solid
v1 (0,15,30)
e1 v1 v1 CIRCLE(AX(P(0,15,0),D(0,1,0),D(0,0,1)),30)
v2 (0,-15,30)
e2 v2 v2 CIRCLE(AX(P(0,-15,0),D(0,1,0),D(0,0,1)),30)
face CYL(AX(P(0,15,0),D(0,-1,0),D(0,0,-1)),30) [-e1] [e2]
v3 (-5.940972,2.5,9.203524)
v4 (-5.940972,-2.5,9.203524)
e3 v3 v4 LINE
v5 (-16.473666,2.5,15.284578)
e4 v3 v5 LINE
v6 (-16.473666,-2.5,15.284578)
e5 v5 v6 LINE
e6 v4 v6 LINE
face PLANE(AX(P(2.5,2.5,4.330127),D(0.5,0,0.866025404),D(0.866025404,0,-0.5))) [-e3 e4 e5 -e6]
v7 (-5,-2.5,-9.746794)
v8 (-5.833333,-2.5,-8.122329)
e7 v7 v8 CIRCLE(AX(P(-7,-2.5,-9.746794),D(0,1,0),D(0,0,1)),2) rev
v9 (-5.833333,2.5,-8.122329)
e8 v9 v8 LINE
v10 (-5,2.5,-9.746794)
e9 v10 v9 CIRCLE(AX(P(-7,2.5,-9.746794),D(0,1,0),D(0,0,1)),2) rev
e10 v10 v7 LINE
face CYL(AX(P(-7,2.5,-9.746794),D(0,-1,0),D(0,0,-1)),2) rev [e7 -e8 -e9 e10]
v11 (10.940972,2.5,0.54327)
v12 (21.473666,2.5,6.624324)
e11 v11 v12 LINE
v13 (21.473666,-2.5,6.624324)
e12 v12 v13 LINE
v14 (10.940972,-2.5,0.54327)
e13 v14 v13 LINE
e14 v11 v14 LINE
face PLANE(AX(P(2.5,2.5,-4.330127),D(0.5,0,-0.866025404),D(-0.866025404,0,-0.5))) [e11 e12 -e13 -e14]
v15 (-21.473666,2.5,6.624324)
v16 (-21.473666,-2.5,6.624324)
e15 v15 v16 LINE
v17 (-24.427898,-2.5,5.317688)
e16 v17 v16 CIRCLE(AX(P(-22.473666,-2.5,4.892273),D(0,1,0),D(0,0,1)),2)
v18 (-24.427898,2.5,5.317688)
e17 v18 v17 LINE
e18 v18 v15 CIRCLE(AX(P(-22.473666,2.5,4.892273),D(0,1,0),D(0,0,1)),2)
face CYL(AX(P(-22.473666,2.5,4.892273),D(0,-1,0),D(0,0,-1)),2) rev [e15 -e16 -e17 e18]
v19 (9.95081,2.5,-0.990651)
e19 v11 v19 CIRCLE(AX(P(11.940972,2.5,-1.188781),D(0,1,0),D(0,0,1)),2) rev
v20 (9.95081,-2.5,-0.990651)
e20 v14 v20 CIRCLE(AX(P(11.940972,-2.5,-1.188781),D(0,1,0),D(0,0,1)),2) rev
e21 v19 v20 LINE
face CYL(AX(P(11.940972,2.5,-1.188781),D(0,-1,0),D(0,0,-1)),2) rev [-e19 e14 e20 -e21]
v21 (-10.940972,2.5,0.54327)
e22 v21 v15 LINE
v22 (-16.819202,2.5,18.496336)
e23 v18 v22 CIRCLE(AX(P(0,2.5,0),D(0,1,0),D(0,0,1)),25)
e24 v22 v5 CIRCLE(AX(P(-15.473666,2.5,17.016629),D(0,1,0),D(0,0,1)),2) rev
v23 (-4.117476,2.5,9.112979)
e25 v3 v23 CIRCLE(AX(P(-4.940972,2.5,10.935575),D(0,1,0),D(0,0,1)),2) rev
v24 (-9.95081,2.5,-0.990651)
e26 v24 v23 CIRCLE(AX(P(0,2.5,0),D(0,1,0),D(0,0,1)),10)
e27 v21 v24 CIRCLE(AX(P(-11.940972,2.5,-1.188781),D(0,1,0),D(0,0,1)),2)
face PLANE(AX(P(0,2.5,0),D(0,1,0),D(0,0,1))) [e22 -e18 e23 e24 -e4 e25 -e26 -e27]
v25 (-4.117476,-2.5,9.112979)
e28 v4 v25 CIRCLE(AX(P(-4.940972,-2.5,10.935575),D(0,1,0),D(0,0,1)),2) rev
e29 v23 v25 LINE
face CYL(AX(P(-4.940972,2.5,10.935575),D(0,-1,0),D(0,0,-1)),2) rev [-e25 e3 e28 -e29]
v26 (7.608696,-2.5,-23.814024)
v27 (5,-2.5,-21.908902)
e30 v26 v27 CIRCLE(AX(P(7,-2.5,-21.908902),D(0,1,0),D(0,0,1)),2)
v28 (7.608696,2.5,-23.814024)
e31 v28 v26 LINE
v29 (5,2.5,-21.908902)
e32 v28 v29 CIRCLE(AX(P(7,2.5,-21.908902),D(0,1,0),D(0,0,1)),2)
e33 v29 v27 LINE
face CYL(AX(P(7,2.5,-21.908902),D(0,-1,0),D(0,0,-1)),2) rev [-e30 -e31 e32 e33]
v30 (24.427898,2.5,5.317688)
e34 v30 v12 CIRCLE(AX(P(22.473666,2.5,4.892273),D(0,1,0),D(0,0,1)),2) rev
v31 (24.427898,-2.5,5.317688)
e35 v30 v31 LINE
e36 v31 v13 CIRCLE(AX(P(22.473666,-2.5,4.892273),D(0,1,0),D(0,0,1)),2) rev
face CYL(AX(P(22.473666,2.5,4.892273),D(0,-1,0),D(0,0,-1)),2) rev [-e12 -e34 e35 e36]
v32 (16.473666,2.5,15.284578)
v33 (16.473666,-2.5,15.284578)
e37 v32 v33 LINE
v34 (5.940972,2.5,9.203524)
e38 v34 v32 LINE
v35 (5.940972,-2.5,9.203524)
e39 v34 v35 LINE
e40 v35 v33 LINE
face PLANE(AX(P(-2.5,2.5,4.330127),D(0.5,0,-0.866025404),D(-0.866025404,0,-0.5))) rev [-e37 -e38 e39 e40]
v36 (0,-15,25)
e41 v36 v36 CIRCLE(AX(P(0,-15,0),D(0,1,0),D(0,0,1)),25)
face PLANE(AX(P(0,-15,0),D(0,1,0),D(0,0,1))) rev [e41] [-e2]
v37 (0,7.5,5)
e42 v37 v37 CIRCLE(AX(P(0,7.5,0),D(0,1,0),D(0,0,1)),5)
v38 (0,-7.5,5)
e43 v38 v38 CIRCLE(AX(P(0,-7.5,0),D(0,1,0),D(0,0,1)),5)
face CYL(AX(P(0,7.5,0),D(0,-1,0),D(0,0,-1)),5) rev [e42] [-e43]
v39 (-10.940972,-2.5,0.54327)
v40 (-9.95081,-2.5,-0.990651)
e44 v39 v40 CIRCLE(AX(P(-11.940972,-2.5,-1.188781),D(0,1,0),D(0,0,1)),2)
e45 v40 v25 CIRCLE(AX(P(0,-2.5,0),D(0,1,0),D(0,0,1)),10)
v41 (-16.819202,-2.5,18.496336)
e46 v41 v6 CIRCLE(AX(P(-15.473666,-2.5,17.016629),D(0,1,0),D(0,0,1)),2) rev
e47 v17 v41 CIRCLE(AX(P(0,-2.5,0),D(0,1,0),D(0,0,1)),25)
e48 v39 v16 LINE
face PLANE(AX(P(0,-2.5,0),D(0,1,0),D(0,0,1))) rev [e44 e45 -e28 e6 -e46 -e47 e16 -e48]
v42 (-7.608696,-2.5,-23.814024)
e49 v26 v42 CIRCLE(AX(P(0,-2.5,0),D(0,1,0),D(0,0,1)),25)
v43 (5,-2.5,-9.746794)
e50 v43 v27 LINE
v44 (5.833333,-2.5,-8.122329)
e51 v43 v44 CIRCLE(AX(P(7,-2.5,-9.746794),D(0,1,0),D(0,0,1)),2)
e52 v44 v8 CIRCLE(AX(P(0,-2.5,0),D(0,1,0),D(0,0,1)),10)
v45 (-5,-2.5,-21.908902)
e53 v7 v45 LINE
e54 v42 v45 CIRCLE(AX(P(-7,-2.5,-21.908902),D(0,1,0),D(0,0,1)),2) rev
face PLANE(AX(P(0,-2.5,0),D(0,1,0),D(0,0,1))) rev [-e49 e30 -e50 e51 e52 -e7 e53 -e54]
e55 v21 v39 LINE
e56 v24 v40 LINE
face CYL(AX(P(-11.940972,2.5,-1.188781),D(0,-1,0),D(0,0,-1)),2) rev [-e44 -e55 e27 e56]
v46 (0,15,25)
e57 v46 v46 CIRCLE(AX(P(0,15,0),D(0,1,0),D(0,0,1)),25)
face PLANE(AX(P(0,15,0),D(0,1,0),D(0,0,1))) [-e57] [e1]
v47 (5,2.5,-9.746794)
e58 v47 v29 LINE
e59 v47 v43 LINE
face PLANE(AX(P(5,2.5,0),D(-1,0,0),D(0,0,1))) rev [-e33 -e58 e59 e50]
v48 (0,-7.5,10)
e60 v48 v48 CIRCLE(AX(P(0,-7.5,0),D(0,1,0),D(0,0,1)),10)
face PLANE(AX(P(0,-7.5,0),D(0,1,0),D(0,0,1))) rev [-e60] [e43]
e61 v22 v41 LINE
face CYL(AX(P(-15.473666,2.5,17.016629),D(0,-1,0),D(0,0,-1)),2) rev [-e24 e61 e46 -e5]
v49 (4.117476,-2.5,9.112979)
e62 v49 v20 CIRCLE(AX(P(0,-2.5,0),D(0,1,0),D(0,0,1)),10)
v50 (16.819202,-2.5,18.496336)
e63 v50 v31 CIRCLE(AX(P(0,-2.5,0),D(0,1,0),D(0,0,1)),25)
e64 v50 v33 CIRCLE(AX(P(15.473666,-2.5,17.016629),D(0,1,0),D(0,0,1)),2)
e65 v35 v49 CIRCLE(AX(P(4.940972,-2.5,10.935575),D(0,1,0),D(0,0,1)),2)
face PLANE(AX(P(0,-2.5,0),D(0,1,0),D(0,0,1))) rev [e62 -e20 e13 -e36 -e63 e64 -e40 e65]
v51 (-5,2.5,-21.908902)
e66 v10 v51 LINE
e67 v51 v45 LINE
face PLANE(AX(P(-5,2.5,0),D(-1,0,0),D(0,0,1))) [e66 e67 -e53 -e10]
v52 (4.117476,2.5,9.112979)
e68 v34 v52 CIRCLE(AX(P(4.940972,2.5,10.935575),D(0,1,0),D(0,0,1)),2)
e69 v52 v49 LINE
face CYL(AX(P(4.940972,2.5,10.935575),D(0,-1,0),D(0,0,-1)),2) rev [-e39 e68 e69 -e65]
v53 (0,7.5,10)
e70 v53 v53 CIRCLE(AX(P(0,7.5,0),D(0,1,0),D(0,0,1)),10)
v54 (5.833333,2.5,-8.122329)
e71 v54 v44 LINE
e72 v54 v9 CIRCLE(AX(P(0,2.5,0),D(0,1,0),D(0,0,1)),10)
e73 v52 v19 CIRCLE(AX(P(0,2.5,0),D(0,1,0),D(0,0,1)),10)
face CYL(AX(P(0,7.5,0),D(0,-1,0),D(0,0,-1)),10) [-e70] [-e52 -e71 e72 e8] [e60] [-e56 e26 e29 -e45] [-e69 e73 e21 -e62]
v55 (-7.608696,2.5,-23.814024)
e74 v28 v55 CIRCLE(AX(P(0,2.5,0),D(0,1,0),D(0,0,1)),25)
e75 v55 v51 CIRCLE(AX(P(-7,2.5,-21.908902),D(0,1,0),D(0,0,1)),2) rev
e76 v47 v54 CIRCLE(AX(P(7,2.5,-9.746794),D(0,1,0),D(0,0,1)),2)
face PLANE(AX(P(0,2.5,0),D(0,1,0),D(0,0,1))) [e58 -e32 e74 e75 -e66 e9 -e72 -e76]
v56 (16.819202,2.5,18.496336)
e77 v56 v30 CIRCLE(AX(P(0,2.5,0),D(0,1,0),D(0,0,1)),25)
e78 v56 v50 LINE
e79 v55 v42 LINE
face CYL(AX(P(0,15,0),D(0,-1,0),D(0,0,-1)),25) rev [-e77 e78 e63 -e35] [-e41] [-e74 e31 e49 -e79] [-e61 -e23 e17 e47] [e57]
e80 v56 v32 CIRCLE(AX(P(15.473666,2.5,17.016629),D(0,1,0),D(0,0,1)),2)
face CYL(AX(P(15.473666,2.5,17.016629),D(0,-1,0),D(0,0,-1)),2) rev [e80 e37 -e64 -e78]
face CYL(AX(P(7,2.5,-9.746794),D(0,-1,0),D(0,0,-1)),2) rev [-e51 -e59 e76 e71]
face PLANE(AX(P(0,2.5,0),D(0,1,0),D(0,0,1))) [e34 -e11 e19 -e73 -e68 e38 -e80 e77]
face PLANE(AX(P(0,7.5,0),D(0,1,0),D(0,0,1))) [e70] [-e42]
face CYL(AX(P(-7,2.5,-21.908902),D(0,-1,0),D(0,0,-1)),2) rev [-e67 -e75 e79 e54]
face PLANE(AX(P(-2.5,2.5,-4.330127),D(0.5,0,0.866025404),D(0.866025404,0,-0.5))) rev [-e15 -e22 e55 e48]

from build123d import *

# Parameters (mm, degrees)
SKETCH1_R           = 30
BOSS_EXTRUDE1_DEPTH = 15
SKETCH1_3_R         = 5
BOSS_EXTRUDE2_DEPTH = 7.5
BOSS_EXTRUDE3_DEPTH = 2.5


with BuildPart() as part:
    # Sketch1 → Boss-Extrude1 (new, symmetric)
    with BuildSketch(Plane(origin=(0, 0, 0), x_dir=(1, 0, 0), z_dir=(0, 1, 0))):
        Circle(SKETCH1_R)
        with BuildLine():
            ThreePointArc((25, 0), (24.856562962, -2.674187298), (24.427897784, -5.317688395))
            ThreePointArc((24.427897784, -5.317688395), (21.650635095, -12.5), (16.819202132, -18.496335844))
            ThreePointArc((16.819202132, -18.496335844), (0, -25), (-16.819202132, -18.496335844))
            ThreePointArc((-16.819202132, -18.496335844), (-21.650635095, -12.5), (-24.427897784, -5.317688395))
            ThreePointArc((-24.427897784, -5.317688395), (-21.650635095, 12.5), (-7.608695652, 23.814024239))
            ThreePointArc((-7.608695652, 23.814024239), (0, 25), (7.608695652, 23.814024239))
            ThreePointArc((7.608695652, 23.814024239), (20.189321327, 14.744195615), (25, 0))
        make_face(mode=Mode.SUBTRACT)
    extrude(amount=BOSS_EXTRUDE1_DEPTH, both=True)



with BuildPart() as body_2:
    # Sketch1<3> → Boss-Extrude2 (new, symmetric)
    with BuildSketch(Plane(origin=(0, 0, 0), x_dir=(1, 0, 0), z_dir=(0, 1, 0))):
        with BuildLine():
            ThreePointArc((10, 0), (9.987694827, 0.49593553), (9.95080959, 0.990650545))
            ThreePointArc((9.95080959, 0.990650545), (8.660254038, 5), (5.833333333, 8.122328621))
            ThreePointArc((5.833333333, 8.122328621), (0, 10), (-5.833333333, 8.122328621))
            ThreePointArc((-5.833333333, 8.122328621), (-8.660254038, 5), (-9.95080959, 0.990650545))
            ThreePointArc((-9.95080959, 0.990650545), (-8.660254038, -5), (-4.117476257, -9.112979166))
            ThreePointArc((-4.117476257, -9.112979166), (0, -10), (4.117476257, -9.112979166))
            ThreePointArc((4.117476257, -9.112979166), (8.40162968, -5.423340181), (10, 0))
        make_face()
        Circle(SKETCH1_3_R, mode=Mode.SUBTRACT)
    extrude(amount=BOSS_EXTRUDE2_DEPTH, both=True)


with BuildPart() as part_1:
    add(part.part)

    add(body_2.part)  # Boss-Extrude3 merges body 2
    # Sketch1<4> → Boss-Extrude3 (add, symmetric)
    with BuildSketch(Plane(origin=(0, 0, 0), x_dir=(1, 0, 0), z_dir=(0, 1, 0))):
        with BuildLine():
            Line((21.473665961, -6.624324131), (10.940971508, -0.543270153))
            ThreePointArc((10.940971508, -0.543270153), (10.260645572, 0.104112618), (9.95080959, 0.990650545))
            ThreePointArc((9.95080959, 0.990650545), (8.660254038, -5), (4.117476257, -9.112979166))
            ThreePointArc((4.117476257, -9.112979166), (5.040158614, -8.938036034), (5.940971508, -9.203524191))
            Line((5.940971508, -9.203524191), (16.473665961, -15.284578169))
            ThreePointArc((16.473665961, -15.284578169), (17.462190998, -16.802693993), (16.819202132, -18.496335844))
            ThreePointArc((16.819202132, -18.496335844), (21.650635095, -12.5), (24.427897784, -5.317688395))
            ThreePointArc((24.427897784, -5.317688395), (23.282655349, -6.721354014), (21.473665961, -6.624324131))
        make_face()
        with BuildLine():
            ThreePointArc((-5.833333333, 8.122328621), (0, 10), (5.833333333, 8.122328621))
            ThreePointArc((5.833333333, 8.122328621), (5.220486958, 8.833923416), (5, 9.746794345))
            Line((5, 9.746794345), (5, 21.9089023))
            ThreePointArc((5, 21.9089023), (5.820464351, 23.524048006), (7.608695652, 23.814024239))
            ThreePointArc((7.608695652, 23.814024239), (0, 25), (-7.608695652, 23.814024239))
            ThreePointArc((-7.608695652, 23.814024239), (-5.820464351, 23.524048006), (-5, 21.9089023))
            Line((-5, 21.9089023), (-5, 9.746794345))
            ThreePointArc((-5, 9.746794345), (-5.220486958, 8.833923416), (-5.833333333, 8.122328621))
        make_face()
        with BuildLine():
            ThreePointArc((-24.427897784, -5.317688395), (-21.650635095, -12.5), (-16.819202132, -18.496335844))
            ThreePointArc((-16.819202132, -18.496335844), (-17.462190998, -16.802693993), (-16.473665961, -15.284578169))
            Line((-16.473665961, -15.284578169), (-5.940971508, -9.203524191))
            ThreePointArc((-5.940971508, -9.203524191), (-5.040158614, -8.938036034), (-4.117476257, -9.112979166))
            ThreePointArc((-4.117476257, -9.112979166), (-8.660254038, -5), (-9.95080959, 0.990650545))
            ThreePointArc((-9.95080959, 0.990650545), (-10.260645572, 0.104112618), (-10.940971508, -0.543270153))
            Line((-10.940971508, -0.543270153), (-21.473665961, -6.624324131))
            ThreePointArc((-21.473665961, -6.624324131), (-23.282655349, -6.721354014), (-24.427897784, -5.317688395))
        make_face()
    extrude(amount=BOSS_EXTRUDE3_DEPTH, both=True)


solid = part_1.part
